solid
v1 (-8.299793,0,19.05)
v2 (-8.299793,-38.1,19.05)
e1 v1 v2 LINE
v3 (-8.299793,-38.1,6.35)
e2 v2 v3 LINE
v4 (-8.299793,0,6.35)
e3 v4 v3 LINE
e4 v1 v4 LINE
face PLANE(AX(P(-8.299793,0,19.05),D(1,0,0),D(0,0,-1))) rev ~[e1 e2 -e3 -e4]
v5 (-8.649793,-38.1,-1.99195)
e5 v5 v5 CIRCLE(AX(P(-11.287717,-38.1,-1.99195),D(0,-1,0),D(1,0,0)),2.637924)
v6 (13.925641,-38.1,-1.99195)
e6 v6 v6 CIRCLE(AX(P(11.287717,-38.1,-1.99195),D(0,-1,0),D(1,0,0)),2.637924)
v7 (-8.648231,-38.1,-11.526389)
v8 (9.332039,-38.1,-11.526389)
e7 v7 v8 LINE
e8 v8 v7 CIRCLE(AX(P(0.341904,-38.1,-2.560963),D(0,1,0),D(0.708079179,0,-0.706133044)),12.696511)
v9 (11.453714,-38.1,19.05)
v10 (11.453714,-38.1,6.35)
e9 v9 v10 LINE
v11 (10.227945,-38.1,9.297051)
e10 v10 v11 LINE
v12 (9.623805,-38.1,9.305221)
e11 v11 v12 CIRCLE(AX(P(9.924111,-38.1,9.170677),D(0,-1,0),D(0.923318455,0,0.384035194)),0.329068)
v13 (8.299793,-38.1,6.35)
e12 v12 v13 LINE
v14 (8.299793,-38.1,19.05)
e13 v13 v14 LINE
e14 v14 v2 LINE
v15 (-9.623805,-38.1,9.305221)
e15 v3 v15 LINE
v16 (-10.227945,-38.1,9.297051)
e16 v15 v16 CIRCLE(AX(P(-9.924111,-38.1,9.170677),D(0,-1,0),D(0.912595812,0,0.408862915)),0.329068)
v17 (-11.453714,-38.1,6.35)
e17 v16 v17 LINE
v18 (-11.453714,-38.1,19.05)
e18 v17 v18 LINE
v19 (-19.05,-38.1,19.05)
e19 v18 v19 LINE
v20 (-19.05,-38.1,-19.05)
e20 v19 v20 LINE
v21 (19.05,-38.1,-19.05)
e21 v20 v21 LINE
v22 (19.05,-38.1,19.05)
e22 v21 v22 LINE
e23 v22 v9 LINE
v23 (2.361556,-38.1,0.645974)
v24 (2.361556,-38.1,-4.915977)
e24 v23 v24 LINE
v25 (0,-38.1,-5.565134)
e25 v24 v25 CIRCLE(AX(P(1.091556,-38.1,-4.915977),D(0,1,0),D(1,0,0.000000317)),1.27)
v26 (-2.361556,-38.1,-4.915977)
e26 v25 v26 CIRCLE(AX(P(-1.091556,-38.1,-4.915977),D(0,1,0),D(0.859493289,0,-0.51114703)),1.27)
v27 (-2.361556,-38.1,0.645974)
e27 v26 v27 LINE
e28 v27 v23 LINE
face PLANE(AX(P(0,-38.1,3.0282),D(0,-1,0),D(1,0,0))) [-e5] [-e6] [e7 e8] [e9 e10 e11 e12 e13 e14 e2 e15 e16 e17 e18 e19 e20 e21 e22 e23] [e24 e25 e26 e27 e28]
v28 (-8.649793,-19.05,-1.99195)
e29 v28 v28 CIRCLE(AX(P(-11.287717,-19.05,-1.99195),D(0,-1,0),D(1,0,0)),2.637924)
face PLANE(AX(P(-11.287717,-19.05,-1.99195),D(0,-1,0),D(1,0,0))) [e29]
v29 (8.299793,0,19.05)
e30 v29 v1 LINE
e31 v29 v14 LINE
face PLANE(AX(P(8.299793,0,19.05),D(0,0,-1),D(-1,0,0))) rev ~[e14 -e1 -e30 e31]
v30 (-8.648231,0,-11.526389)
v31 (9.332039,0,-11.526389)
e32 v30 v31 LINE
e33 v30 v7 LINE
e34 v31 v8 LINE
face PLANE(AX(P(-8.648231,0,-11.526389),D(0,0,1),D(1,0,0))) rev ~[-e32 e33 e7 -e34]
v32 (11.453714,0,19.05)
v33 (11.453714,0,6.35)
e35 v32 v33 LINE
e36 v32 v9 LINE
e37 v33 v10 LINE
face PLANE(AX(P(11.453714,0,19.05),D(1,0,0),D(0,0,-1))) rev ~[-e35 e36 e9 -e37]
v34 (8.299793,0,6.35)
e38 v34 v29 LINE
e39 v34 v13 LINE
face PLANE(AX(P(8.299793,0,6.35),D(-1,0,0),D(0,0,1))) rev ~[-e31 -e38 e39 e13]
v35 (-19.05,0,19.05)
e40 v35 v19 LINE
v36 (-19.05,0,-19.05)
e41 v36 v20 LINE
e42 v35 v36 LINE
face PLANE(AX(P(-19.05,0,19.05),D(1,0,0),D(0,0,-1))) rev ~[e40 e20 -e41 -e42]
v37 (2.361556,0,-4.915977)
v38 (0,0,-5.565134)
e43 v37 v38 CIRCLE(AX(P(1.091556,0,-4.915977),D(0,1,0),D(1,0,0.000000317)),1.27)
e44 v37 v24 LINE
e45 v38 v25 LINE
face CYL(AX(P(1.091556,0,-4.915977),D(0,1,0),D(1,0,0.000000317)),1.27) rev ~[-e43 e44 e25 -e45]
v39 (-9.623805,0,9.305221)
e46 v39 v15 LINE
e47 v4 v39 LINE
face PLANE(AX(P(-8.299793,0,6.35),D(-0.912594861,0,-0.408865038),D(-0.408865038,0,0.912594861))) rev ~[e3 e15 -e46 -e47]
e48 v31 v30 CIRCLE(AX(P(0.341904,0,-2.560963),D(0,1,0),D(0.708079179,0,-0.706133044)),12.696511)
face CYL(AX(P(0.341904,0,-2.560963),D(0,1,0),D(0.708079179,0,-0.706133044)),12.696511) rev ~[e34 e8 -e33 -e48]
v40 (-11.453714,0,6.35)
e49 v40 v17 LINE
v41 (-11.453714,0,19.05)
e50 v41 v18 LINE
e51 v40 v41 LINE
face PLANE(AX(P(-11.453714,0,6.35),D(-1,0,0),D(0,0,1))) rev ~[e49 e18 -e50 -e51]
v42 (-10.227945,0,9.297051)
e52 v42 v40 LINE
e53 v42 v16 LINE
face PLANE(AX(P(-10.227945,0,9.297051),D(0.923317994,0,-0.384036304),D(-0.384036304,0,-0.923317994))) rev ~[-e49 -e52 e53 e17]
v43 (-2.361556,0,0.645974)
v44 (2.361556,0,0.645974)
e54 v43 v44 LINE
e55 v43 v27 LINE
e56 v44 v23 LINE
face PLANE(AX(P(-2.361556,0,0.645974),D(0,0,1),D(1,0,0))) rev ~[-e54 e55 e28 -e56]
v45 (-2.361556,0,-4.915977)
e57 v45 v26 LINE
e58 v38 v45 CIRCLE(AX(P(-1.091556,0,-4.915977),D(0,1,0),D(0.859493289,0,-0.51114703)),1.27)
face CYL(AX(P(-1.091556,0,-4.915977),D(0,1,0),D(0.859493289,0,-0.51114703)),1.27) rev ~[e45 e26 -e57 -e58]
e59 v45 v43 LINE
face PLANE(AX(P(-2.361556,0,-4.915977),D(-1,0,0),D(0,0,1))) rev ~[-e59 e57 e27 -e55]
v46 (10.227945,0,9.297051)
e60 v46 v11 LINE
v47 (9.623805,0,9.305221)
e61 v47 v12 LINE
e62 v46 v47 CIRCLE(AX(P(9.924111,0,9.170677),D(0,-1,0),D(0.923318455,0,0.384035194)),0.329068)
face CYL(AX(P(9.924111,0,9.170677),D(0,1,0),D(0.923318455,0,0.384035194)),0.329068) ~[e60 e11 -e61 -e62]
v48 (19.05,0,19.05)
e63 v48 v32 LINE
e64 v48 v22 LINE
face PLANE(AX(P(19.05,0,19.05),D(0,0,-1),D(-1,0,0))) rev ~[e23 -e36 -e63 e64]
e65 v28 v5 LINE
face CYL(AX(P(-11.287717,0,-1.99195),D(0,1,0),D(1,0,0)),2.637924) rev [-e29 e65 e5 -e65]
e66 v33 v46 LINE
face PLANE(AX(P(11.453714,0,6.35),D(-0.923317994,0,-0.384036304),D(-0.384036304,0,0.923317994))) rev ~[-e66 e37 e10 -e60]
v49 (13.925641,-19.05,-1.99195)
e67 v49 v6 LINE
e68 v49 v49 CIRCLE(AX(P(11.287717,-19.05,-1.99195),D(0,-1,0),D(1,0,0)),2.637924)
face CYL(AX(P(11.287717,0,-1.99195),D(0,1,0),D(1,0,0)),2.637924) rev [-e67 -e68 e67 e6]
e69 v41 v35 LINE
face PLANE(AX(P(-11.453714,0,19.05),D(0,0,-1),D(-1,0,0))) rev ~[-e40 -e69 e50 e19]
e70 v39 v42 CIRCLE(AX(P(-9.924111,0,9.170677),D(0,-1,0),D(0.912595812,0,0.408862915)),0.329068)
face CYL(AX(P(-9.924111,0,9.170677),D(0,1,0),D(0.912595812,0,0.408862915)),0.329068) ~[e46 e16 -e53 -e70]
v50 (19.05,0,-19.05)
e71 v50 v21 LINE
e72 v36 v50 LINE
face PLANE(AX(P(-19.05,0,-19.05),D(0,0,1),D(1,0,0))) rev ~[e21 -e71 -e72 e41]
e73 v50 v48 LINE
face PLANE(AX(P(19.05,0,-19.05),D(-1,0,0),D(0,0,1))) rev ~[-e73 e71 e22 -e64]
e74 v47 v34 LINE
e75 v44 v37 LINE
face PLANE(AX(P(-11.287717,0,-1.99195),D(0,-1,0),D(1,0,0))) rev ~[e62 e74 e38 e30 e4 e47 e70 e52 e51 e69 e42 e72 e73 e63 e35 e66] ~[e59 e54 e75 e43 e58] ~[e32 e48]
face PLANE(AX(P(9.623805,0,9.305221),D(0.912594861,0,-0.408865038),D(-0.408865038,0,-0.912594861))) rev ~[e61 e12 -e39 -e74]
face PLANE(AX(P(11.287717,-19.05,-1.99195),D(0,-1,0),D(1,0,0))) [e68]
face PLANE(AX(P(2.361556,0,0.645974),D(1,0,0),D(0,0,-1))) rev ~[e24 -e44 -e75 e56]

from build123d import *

# Parameters (mm, degrees)
F0_R     = 2.637924
F1_DEPTH = 38.1
F2_DEPTH = 19.05


with BuildPart() as f1:
    # F0 (on Front) → F1 (new body)
    with BuildSketch(Plane.XZ):
        with BuildLine():
            Line((-11.453714, 19.05), (-19.05, 19.05))
            Line((-19.05, 19.05), (-19.05, -19.05))
            Line((-19.05, -19.05), (19.05, -19.05))
            Line((19.05, -19.05), (19.05, 19.05))
            Line((19.05, 19.05), (11.453714, 19.05))
            Line((11.453714, 19.05), (11.453714, 6.35))
            Line((11.453714, 6.35), (10.227945, 9.297051))
            ThreePointArc((10.227945, 9.297051), (9.928561, 9.499715), (9.623805, 9.305221))
            Line((9.623805, 9.305221), (8.299793, 6.35))
            Line((8.299793, 6.35), (8.299793, 19.05))
            Line((8.299793, 19.05), (0, 19.05))
            Line((0, 19.05), (-8.299793, 19.05))
            Line((-8.299793, 19.05), (-8.299793, 6.35))
            Line((-8.299793, 6.35), (-9.623805, 9.305221))
            ThreePointArc((-9.623805, 9.305221), (-9.928561, 9.499715), (-10.227945, 9.297051))
            Line((-10.227945, 9.297051), (-11.453714, 6.35))
            Line((-11.453714, 6.35), (-11.453714, 19.05))
        make_face()
        with Locations((-11.287717, -1.99195)):
            Circle(F0_R, mode=Mode.SUBTRACT)
        with BuildLine():
            ThreePointArc((9.332039, -11.526389), (0.341904, -15.257474), (-8.648231, -11.526389))
            Line((-8.648231, -11.526389), (9.332039, -11.526389))
        make_face(mode=Mode.SUBTRACT)
        with BuildLine():
            Line((-2.361556, 0.645974), (0, 0.645974))
            Line((0, 0.645974), (2.361556, 0.645974))
            Line((2.361556, 0.645974), (2.361556, -4.915977))
            ThreePointArc((2.361556, -4.915977), (1.428174, -6.140554), (0, -5.565134))
            ThreePointArc((0, -5.565134), (-1.428174, -6.140554), (-2.361556, -4.915977))
            Line((-2.361556, -4.915977), (-2.361556, 0.645974))
        make_face(mode=Mode.SUBTRACT)
        with Locations((11.287717, -1.99195)):
            Circle(F0_R, mode=Mode.SUBTRACT)
    extrude(amount=F1_DEPTH)

    # F0 (on Front) → F2 (join)
    with BuildSketch(Plane.XZ):
        with Locations((-11.287717, -1.99195)):
            Circle(F0_R)
        with Locations((11.287717, -1.99195)):
            Circle(F0_R)
    extrude(amount=F2_DEPTH)


solid = f1.part
